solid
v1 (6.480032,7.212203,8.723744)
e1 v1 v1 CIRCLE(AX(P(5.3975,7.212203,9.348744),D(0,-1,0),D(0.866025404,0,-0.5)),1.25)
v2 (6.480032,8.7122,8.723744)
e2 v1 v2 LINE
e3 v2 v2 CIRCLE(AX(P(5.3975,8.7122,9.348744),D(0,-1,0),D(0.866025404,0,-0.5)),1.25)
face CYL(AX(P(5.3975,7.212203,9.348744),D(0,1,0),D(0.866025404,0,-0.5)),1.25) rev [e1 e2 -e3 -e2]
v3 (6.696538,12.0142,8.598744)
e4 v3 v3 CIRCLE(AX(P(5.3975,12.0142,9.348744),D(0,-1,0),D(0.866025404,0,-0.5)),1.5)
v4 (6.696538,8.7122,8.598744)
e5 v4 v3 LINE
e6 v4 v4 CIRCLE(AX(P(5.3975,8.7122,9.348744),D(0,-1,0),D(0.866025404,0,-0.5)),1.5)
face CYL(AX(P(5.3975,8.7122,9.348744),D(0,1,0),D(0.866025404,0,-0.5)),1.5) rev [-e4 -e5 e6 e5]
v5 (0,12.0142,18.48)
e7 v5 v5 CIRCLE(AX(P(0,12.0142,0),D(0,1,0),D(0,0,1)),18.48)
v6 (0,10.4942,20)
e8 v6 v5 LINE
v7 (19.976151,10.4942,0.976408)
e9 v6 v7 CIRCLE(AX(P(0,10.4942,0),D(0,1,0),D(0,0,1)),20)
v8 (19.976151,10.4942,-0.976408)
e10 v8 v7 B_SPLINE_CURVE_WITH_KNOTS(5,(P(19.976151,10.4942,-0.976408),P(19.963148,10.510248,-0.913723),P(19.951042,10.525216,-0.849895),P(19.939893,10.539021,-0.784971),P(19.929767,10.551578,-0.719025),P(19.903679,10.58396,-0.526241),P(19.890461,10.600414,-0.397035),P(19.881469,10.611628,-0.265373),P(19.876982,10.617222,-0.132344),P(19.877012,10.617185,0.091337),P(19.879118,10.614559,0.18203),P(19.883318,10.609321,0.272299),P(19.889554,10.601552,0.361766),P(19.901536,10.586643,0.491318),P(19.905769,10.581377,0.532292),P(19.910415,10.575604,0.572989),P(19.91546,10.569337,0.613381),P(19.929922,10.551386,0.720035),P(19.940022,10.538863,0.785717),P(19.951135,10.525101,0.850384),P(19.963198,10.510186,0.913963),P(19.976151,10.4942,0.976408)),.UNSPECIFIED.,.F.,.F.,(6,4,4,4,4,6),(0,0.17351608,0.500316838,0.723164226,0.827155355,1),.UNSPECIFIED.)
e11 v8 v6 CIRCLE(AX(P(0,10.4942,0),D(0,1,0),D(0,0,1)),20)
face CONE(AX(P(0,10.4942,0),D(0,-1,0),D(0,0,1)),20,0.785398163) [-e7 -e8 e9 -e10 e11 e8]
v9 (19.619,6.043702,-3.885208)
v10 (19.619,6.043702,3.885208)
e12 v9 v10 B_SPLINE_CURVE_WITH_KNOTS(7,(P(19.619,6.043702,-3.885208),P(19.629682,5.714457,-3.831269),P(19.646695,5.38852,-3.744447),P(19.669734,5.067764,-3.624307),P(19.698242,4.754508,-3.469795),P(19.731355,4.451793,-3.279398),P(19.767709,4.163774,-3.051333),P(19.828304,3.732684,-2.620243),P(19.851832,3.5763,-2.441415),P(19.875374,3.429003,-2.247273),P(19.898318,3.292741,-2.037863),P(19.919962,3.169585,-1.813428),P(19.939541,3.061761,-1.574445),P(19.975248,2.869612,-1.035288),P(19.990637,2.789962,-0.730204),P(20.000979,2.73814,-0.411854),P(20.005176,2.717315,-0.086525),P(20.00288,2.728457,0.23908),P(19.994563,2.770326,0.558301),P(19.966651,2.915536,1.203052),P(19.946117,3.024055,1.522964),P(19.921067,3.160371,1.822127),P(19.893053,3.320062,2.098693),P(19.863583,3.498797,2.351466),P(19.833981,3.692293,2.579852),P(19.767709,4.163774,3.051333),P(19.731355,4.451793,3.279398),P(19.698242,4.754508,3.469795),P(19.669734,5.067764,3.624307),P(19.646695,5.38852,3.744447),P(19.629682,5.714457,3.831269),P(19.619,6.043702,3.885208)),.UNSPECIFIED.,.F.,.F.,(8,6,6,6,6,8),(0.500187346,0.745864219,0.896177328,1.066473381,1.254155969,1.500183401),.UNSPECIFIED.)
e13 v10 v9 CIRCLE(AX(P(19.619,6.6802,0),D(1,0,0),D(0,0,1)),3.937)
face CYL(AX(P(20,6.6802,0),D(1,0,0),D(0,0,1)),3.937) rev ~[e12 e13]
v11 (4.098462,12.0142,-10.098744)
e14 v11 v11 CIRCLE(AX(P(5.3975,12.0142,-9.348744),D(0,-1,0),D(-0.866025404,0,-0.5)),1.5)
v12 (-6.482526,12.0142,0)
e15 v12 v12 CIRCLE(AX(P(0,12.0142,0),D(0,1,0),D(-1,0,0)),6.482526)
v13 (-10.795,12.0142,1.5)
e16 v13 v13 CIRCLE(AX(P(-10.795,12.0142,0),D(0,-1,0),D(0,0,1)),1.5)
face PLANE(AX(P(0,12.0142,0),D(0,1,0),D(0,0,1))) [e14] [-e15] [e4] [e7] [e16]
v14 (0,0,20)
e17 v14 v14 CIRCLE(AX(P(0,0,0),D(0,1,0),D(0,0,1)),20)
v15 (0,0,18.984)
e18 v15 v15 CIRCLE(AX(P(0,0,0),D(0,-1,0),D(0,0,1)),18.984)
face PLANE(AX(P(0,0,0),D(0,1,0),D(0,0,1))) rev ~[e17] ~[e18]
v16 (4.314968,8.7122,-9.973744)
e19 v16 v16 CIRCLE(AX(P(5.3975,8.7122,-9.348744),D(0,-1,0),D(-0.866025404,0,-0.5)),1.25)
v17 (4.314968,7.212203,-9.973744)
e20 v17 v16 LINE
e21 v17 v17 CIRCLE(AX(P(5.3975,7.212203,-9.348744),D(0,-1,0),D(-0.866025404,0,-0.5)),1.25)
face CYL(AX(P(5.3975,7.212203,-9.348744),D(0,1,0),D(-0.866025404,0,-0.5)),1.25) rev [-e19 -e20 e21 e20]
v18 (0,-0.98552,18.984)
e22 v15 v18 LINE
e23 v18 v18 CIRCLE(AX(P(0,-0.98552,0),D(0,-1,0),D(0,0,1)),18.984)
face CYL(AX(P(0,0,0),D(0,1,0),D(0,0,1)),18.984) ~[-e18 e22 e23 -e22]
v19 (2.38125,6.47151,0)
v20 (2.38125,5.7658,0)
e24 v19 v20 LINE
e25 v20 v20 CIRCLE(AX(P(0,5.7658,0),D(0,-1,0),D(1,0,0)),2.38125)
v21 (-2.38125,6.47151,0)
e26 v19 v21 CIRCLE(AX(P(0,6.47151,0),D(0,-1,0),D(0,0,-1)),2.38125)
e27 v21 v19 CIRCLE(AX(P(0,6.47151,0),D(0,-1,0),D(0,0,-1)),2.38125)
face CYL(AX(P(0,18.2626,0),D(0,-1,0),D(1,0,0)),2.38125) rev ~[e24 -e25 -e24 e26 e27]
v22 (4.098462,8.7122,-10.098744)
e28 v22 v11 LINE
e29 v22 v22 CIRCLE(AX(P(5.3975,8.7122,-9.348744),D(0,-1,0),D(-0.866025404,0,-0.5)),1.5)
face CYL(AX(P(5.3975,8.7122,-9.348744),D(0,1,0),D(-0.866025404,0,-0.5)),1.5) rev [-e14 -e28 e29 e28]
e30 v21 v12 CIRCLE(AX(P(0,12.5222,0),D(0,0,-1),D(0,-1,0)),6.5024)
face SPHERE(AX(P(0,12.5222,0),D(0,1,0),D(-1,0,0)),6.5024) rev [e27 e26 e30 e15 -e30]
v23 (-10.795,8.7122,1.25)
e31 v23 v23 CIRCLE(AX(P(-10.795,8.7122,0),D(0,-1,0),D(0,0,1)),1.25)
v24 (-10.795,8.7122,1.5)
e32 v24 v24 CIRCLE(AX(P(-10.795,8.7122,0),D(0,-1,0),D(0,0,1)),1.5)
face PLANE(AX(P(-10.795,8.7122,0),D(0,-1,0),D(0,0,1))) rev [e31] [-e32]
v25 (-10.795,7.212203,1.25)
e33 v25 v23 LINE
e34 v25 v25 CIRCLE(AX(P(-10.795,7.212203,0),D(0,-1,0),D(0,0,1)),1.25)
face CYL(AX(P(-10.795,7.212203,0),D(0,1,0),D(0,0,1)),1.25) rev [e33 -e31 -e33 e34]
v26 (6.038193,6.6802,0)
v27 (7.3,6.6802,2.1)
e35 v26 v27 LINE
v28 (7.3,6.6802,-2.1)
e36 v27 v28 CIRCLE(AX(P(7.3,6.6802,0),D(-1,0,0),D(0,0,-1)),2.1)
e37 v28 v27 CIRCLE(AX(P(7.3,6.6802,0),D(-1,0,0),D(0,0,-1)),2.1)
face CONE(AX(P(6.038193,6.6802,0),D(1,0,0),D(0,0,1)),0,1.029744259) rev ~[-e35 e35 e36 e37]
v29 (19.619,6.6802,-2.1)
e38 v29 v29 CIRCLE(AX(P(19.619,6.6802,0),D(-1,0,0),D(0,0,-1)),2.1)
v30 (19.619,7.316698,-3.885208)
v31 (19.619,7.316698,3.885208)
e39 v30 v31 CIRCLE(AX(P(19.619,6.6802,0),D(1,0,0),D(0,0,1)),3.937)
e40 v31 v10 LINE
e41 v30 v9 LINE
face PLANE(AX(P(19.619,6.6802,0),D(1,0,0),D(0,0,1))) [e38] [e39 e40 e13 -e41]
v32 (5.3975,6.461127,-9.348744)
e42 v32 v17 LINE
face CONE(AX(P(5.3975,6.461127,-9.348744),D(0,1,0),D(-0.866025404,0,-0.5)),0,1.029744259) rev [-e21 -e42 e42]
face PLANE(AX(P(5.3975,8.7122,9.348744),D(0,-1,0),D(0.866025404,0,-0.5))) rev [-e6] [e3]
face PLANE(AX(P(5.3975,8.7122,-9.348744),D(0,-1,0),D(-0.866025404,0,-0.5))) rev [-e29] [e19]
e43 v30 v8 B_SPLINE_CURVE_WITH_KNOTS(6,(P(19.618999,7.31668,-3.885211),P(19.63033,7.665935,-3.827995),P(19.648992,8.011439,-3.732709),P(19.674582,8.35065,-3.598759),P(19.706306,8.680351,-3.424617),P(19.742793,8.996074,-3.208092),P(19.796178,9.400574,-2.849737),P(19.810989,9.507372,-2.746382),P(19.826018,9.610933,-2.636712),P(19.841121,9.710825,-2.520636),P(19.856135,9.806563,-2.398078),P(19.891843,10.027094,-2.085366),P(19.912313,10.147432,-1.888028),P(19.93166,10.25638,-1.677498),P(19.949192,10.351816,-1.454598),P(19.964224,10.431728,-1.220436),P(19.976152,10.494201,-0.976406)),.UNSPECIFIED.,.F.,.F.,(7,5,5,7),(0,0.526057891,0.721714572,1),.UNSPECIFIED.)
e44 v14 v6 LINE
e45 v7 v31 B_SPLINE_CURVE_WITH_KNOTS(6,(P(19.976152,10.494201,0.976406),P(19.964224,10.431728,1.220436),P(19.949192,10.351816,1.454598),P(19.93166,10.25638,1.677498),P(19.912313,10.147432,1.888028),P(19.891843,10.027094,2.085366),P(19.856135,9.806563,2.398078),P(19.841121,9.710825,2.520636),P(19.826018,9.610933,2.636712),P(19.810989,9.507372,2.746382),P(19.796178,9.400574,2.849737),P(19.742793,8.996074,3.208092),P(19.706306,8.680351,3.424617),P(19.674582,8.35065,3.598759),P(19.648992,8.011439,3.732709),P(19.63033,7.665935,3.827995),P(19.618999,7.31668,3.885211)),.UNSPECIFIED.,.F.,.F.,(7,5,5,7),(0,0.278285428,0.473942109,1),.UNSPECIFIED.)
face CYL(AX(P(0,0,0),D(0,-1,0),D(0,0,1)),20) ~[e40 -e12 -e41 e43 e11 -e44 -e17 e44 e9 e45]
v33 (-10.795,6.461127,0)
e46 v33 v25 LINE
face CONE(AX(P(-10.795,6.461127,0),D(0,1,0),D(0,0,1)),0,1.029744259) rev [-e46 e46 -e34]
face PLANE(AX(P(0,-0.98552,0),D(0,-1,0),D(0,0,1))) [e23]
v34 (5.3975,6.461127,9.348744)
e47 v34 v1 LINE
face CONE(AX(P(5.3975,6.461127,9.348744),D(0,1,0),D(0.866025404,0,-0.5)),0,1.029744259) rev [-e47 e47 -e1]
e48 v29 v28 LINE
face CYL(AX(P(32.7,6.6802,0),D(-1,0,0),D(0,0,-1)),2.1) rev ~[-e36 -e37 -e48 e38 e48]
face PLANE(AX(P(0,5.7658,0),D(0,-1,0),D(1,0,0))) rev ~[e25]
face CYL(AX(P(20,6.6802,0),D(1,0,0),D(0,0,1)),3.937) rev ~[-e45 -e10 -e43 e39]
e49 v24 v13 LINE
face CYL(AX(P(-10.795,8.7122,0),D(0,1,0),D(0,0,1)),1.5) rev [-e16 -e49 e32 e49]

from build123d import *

# Parameters (mm, degrees)
SKETCH1_R                          = 20
EXTRUDE1_DEPTH                     = 12.0142
CHAMFER1_SIZE                      = 1.52
F_3_16_0_1875_DIAMETER_HOLE1_D     = 4.7625
F_3_16_0_1875_DIAMETER_HOLE1_DEPTH = 6.2484
SKETCH5_R                          = 18.984
EXTRUDE2_DEPTH                     = 0.98552
M5X0_8_TAPPED_HOLE1_D              = 4.2
M5X0_8_TAPPED_HOLE1_DEPTH          = 12.7
M5X0_8_TAPPED_HOLE1_TIP            = 1.2618073
CIRPATTERN1_COUNT                  = 3
SKETCH10_R                         = 3.937
CUT_EXTRUDE3_DEPTH                 = 0.381


with BuildPart() as part:
    # Sketch1 → Extrude1 (new body)
    with BuildSketch(Plane(origin=(0, 0, 0), x_dir=(1, 0, 0), z_dir=(0, 1, 0))):
        with Locations(Location((0, 0, 0), (0, 0, 270))):  # turned: the seam where the file's is
            Circle(SKETCH1_R)
    extrude(amount=EXTRUDE1_DEPTH)

    # Chamfer1
    chamfer1_edges = [part.edges().sort_by_distance(p)[0] for p in [
        (0, 12.0142, -20),
    ]]
    chamfer(chamfer1_edges, length=CHAMFER1_SIZE)

    # Sketch2 → Cut-Revolve1 (revolve, cut)
    with BuildSketch(Plane.XY):
        with BuildLine():
            Line((0, 19.0246), (0, 6.0198))
            ThreePointArc((0, 6.0198), (-6.5024, 12.5222), (0, 19.0246))
        make_face()
    revolve(axis=Axis((0, 19.0246, 0), (0, -1, 0)), mode=Mode.SUBTRACT)

    # 3_16 _0.1875_ Diameter Hole1
    with Locations(Plane(origin=(0, 12.0142, 0), x_dir=(-1, 0, 0), z_dir=(0, 1, 0))):
        with Locations((0, 0)):
            Hole(F_3_16_0_1875_DIAMETER_HOLE1_D / 2, depth=F_3_16_0_1875_DIAMETER_HOLE1_DEPTH)

    # Sketch5 → Extrude2 (add)
    with BuildSketch(Plane.XZ):
        with Locations(Location((0, 0, 0), (0, 0, 90))):  # turned: the seam where the file's is
            Circle(SKETCH5_R)
    extrude(amount=EXTRUDE2_DEPTH)

    # M5x0.8 Tapped Hole1
    with Locations(Plane(origin=(20, 6.6802, 0), x_dir=(0, 0, 1), z_dir=(1, 0, 0))):
        with Locations((0, 0)):
            Hole(M5X0_8_TAPPED_HOLE1_D / 2, depth=M5X0_8_TAPPED_HOLE1_DEPTH)
            with Locations((0, 0, -(M5X0_8_TAPPED_HOLE1_DEPTH + M5X0_8_TAPPED_HOLE1_TIP / 2))):  # 118° drill point
                Cone(0, M5X0_8_TAPPED_HOLE1_D / 2, M5X0_8_TAPPED_HOLE1_TIP, mode=Mode.SUBTRACT)

    # Sketch8 → M3x0.5 Tapped Hole1 (revolve, cut)
    with BuildSketch(Plane(origin=(-10.795, 12.0142, 0), x_dir=(0, 0, 1), z_dir=(1, 0, 0))):
        Polygon((0, 0), (0, 5.553072774), (1.25, 4.801997), (1.25, 3.302), (1.5, 3.302), (1.5, 0), align=None)
    m3x0_5_tapped_hole1 = revolve(axis=Axis((-10.795, 18.3642, 0), (0, -1, 0)), mode=Mode.SUBTRACT)

    # CirPattern1: M3x0.5 Tapped Hole1 ×3 about axis
    cirpattern1_axis = Axis((0, 0, 0), (0, 1, 0))
    for i in range(1, CIRPATTERN1_COUNT):
        add(m3x0_5_tapped_hole1.rotate(cirpattern1_axis, i * 360 / CIRPATTERN1_COUNT), mode=Mode.SUBTRACT)

    # Sketch10 → Cut-Extrude3 (cut)
    with BuildSketch(Plane(origin=(20, 5.2471, 0), x_dir=(0, 0, 1), z_dir=(1, 0, 0))):
        with Locations((0, -1.4331)):
            Circle(SKETCH10_R)
    extrude(amount=-CUT_EXTRUDE3_DEPTH, mode=Mode.SUBTRACT)


solid = part.part
